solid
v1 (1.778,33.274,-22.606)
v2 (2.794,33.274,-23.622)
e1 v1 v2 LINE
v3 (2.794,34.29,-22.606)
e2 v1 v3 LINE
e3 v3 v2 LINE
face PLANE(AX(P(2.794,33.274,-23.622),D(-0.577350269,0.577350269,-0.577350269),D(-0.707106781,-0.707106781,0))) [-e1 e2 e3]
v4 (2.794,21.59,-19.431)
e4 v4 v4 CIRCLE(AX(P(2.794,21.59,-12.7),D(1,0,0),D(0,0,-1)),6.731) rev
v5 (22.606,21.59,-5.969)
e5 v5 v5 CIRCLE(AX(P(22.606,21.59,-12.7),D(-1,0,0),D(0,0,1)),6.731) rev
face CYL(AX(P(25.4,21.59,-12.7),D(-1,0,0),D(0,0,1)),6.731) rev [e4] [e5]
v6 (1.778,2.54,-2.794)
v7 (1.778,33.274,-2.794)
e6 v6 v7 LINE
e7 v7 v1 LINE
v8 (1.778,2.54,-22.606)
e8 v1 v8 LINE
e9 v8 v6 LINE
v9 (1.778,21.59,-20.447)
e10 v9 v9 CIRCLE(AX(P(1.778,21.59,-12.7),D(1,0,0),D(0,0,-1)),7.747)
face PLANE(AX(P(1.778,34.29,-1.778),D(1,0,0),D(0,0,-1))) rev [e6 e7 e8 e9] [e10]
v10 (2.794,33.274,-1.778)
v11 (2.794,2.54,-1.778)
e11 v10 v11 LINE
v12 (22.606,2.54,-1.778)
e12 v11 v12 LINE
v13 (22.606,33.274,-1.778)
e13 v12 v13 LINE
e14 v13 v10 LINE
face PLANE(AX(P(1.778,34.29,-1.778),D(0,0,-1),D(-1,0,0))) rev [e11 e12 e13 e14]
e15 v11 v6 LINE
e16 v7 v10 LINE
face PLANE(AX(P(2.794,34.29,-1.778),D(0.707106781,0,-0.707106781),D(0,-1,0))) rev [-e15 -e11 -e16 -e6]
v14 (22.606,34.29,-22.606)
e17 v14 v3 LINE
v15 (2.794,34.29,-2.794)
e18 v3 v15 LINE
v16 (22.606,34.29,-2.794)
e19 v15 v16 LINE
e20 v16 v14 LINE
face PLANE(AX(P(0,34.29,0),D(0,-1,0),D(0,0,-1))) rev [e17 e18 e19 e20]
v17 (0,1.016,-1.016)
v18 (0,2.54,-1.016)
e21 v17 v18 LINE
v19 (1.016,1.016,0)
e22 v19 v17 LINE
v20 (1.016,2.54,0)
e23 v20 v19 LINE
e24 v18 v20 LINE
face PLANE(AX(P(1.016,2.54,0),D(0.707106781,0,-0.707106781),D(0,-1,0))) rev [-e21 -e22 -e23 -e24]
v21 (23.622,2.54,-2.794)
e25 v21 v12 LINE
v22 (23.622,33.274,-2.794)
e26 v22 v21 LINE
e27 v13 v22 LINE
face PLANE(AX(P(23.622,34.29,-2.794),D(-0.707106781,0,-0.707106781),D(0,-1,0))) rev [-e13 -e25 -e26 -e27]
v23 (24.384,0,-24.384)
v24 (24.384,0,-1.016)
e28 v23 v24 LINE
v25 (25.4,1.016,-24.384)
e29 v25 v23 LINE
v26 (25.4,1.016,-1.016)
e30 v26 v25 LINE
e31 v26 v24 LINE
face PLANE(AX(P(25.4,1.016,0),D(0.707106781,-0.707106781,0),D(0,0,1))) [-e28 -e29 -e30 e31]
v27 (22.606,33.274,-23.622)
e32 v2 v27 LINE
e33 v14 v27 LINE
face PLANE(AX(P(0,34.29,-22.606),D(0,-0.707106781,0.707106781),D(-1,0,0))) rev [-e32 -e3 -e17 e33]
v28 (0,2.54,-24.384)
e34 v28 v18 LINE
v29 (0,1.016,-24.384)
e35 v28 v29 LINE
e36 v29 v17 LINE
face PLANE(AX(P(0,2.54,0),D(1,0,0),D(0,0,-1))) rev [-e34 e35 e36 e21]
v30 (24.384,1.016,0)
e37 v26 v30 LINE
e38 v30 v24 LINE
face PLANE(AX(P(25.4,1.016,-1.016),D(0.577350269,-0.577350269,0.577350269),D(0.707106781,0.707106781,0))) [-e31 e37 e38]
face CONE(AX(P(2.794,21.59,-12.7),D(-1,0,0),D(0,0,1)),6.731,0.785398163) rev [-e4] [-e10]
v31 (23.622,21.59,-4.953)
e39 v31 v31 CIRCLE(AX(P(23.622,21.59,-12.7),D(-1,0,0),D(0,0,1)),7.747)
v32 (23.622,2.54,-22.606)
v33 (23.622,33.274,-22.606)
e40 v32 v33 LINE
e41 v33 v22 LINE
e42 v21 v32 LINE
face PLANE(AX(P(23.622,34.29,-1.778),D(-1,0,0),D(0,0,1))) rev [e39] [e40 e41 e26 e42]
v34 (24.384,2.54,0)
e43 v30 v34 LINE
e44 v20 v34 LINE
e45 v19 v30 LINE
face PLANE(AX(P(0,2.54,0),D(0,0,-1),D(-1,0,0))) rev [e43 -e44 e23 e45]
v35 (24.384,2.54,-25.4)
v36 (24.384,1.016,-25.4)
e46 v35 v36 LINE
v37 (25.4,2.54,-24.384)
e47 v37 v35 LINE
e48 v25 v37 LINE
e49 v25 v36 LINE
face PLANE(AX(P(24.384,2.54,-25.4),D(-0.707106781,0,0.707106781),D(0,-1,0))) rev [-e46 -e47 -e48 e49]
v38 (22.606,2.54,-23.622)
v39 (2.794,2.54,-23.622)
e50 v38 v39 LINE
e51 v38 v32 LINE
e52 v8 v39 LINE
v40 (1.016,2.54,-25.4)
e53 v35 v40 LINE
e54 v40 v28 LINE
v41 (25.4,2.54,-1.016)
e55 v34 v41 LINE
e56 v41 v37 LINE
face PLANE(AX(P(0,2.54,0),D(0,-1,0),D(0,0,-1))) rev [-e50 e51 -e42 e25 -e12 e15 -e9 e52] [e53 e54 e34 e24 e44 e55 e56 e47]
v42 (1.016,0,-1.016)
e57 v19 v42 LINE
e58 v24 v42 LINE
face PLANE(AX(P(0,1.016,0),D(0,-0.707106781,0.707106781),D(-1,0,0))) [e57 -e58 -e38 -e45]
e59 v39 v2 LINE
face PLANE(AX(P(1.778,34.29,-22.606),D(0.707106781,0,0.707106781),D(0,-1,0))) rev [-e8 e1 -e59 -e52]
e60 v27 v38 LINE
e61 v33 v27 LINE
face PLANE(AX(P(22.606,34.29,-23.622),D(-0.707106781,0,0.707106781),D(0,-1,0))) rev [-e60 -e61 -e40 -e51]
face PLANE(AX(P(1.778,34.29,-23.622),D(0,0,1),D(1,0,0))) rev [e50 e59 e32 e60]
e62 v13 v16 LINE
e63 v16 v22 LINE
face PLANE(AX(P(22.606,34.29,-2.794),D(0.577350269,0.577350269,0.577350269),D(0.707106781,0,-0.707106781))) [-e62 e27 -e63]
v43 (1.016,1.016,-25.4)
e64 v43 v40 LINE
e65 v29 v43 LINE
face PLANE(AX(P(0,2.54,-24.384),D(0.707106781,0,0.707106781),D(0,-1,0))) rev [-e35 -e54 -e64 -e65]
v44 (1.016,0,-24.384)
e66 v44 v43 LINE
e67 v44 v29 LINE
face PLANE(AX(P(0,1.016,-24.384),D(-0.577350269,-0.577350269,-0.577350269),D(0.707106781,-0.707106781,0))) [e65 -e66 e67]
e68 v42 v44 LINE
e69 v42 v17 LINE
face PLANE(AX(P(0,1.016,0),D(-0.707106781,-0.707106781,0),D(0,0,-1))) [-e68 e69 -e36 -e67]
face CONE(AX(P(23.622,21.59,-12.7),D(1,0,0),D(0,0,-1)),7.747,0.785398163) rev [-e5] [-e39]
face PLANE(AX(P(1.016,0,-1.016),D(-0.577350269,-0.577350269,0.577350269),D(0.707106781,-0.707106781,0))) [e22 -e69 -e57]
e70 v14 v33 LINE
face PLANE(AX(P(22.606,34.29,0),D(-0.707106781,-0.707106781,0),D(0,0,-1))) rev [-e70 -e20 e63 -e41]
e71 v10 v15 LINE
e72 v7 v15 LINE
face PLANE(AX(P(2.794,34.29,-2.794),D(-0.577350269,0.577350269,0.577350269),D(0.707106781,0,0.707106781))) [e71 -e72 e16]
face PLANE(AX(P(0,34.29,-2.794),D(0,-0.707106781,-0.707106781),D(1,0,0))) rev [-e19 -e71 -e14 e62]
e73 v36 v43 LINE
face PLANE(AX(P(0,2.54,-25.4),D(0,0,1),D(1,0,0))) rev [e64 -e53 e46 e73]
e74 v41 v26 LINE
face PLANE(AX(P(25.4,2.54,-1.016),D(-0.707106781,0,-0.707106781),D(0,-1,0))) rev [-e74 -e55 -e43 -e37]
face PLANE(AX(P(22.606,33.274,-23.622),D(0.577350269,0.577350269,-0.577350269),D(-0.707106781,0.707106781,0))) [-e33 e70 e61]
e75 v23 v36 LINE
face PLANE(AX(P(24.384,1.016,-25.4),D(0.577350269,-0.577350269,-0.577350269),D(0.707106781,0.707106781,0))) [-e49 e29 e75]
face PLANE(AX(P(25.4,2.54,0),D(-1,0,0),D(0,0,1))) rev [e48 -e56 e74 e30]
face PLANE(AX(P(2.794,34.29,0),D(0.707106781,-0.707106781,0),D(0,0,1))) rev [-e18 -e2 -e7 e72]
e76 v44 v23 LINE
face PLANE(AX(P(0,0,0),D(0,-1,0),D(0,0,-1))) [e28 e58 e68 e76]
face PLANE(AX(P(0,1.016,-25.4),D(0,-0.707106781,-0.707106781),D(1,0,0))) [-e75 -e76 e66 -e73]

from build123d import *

# Parameters (mm, degrees)
SKETCH1_W           = 25.4
SKETCH1_H           = 25.4
BOSS_EXTRUDE1_DEPTH = 2.54
SKETCH2_W           = 21.844
SKETCH2_H           = 21.844
BOSS_EXTRUDE2_DEPTH = 31.75
SKETCH3_R           = 6.731
CUT_EXTRUDE1_DEPTH  = 49.774614135
CHAMFER1_SIZE       = 1.016


with BuildPart() as part:
    # Sketch1 → Boss-Extrude1 (new body)
    with BuildSketch(Plane(origin=(0, 0, 0), x_dir=(1, 0, 0), z_dir=(0, 1, 0))):
        with Locations((12.7, 12.7)):
            Rectangle(SKETCH1_W, SKETCH1_H)
    extrude(amount=BOSS_EXTRUDE1_DEPTH)

    # Sketch2 → Boss-Extrude2 (add)
    with BuildSketch(Plane(origin=(0, 2.54, 0), x_dir=(1, 0, 0), z_dir=(0, 1, 0))):
        with Locations((12.7, 12.7)):
            Rectangle(SKETCH2_W, SKETCH2_H)
    extrude(amount=BOSS_EXTRUDE2_DEPTH)

    # Sketch3 → Cut-Extrude1 (cut, through all)
    with BuildSketch(Plane.ZY.offset(-1.778)):
        with Locations((-12.7, 21.59)):
            Circle(SKETCH3_R)
    extrude(amount=-CUT_EXTRUDE1_DEPTH, mode=Mode.SUBTRACT)

    # Chamfer1
    chamfer1_edges = [part.edges().sort_by_distance(p)[0] for p in [
        (1.778, 18.415, -23.622),
        (1.778, 18.415, -1.778),
        (23.622, 18.415, -1.778),
        (23.622, 18.415, -23.622),
        (1.778, 34.29, -12.7),
        (12.7, 34.29, -1.778),
        (23.622, 34.29, -12.7),
        (12.7, 34.29, -23.622),
        (23.622, 21.59, -19.431),
        (1.778, 21.59, -19.431),
        (12.7, 0, -25.4),
        (25.4, 0, -12.7),
        (12.7, 0, 0),
        (0, 0, -12.7),
        (0, 1.27, -25.4),
        (25.4, 1.27, -25.4),
        (25.4, 1.27, 0),
        (0, 1.27, 0),
    ]]
    chamfer(chamfer1_edges, length=CHAMFER1_SIZE)


solid = part.part
